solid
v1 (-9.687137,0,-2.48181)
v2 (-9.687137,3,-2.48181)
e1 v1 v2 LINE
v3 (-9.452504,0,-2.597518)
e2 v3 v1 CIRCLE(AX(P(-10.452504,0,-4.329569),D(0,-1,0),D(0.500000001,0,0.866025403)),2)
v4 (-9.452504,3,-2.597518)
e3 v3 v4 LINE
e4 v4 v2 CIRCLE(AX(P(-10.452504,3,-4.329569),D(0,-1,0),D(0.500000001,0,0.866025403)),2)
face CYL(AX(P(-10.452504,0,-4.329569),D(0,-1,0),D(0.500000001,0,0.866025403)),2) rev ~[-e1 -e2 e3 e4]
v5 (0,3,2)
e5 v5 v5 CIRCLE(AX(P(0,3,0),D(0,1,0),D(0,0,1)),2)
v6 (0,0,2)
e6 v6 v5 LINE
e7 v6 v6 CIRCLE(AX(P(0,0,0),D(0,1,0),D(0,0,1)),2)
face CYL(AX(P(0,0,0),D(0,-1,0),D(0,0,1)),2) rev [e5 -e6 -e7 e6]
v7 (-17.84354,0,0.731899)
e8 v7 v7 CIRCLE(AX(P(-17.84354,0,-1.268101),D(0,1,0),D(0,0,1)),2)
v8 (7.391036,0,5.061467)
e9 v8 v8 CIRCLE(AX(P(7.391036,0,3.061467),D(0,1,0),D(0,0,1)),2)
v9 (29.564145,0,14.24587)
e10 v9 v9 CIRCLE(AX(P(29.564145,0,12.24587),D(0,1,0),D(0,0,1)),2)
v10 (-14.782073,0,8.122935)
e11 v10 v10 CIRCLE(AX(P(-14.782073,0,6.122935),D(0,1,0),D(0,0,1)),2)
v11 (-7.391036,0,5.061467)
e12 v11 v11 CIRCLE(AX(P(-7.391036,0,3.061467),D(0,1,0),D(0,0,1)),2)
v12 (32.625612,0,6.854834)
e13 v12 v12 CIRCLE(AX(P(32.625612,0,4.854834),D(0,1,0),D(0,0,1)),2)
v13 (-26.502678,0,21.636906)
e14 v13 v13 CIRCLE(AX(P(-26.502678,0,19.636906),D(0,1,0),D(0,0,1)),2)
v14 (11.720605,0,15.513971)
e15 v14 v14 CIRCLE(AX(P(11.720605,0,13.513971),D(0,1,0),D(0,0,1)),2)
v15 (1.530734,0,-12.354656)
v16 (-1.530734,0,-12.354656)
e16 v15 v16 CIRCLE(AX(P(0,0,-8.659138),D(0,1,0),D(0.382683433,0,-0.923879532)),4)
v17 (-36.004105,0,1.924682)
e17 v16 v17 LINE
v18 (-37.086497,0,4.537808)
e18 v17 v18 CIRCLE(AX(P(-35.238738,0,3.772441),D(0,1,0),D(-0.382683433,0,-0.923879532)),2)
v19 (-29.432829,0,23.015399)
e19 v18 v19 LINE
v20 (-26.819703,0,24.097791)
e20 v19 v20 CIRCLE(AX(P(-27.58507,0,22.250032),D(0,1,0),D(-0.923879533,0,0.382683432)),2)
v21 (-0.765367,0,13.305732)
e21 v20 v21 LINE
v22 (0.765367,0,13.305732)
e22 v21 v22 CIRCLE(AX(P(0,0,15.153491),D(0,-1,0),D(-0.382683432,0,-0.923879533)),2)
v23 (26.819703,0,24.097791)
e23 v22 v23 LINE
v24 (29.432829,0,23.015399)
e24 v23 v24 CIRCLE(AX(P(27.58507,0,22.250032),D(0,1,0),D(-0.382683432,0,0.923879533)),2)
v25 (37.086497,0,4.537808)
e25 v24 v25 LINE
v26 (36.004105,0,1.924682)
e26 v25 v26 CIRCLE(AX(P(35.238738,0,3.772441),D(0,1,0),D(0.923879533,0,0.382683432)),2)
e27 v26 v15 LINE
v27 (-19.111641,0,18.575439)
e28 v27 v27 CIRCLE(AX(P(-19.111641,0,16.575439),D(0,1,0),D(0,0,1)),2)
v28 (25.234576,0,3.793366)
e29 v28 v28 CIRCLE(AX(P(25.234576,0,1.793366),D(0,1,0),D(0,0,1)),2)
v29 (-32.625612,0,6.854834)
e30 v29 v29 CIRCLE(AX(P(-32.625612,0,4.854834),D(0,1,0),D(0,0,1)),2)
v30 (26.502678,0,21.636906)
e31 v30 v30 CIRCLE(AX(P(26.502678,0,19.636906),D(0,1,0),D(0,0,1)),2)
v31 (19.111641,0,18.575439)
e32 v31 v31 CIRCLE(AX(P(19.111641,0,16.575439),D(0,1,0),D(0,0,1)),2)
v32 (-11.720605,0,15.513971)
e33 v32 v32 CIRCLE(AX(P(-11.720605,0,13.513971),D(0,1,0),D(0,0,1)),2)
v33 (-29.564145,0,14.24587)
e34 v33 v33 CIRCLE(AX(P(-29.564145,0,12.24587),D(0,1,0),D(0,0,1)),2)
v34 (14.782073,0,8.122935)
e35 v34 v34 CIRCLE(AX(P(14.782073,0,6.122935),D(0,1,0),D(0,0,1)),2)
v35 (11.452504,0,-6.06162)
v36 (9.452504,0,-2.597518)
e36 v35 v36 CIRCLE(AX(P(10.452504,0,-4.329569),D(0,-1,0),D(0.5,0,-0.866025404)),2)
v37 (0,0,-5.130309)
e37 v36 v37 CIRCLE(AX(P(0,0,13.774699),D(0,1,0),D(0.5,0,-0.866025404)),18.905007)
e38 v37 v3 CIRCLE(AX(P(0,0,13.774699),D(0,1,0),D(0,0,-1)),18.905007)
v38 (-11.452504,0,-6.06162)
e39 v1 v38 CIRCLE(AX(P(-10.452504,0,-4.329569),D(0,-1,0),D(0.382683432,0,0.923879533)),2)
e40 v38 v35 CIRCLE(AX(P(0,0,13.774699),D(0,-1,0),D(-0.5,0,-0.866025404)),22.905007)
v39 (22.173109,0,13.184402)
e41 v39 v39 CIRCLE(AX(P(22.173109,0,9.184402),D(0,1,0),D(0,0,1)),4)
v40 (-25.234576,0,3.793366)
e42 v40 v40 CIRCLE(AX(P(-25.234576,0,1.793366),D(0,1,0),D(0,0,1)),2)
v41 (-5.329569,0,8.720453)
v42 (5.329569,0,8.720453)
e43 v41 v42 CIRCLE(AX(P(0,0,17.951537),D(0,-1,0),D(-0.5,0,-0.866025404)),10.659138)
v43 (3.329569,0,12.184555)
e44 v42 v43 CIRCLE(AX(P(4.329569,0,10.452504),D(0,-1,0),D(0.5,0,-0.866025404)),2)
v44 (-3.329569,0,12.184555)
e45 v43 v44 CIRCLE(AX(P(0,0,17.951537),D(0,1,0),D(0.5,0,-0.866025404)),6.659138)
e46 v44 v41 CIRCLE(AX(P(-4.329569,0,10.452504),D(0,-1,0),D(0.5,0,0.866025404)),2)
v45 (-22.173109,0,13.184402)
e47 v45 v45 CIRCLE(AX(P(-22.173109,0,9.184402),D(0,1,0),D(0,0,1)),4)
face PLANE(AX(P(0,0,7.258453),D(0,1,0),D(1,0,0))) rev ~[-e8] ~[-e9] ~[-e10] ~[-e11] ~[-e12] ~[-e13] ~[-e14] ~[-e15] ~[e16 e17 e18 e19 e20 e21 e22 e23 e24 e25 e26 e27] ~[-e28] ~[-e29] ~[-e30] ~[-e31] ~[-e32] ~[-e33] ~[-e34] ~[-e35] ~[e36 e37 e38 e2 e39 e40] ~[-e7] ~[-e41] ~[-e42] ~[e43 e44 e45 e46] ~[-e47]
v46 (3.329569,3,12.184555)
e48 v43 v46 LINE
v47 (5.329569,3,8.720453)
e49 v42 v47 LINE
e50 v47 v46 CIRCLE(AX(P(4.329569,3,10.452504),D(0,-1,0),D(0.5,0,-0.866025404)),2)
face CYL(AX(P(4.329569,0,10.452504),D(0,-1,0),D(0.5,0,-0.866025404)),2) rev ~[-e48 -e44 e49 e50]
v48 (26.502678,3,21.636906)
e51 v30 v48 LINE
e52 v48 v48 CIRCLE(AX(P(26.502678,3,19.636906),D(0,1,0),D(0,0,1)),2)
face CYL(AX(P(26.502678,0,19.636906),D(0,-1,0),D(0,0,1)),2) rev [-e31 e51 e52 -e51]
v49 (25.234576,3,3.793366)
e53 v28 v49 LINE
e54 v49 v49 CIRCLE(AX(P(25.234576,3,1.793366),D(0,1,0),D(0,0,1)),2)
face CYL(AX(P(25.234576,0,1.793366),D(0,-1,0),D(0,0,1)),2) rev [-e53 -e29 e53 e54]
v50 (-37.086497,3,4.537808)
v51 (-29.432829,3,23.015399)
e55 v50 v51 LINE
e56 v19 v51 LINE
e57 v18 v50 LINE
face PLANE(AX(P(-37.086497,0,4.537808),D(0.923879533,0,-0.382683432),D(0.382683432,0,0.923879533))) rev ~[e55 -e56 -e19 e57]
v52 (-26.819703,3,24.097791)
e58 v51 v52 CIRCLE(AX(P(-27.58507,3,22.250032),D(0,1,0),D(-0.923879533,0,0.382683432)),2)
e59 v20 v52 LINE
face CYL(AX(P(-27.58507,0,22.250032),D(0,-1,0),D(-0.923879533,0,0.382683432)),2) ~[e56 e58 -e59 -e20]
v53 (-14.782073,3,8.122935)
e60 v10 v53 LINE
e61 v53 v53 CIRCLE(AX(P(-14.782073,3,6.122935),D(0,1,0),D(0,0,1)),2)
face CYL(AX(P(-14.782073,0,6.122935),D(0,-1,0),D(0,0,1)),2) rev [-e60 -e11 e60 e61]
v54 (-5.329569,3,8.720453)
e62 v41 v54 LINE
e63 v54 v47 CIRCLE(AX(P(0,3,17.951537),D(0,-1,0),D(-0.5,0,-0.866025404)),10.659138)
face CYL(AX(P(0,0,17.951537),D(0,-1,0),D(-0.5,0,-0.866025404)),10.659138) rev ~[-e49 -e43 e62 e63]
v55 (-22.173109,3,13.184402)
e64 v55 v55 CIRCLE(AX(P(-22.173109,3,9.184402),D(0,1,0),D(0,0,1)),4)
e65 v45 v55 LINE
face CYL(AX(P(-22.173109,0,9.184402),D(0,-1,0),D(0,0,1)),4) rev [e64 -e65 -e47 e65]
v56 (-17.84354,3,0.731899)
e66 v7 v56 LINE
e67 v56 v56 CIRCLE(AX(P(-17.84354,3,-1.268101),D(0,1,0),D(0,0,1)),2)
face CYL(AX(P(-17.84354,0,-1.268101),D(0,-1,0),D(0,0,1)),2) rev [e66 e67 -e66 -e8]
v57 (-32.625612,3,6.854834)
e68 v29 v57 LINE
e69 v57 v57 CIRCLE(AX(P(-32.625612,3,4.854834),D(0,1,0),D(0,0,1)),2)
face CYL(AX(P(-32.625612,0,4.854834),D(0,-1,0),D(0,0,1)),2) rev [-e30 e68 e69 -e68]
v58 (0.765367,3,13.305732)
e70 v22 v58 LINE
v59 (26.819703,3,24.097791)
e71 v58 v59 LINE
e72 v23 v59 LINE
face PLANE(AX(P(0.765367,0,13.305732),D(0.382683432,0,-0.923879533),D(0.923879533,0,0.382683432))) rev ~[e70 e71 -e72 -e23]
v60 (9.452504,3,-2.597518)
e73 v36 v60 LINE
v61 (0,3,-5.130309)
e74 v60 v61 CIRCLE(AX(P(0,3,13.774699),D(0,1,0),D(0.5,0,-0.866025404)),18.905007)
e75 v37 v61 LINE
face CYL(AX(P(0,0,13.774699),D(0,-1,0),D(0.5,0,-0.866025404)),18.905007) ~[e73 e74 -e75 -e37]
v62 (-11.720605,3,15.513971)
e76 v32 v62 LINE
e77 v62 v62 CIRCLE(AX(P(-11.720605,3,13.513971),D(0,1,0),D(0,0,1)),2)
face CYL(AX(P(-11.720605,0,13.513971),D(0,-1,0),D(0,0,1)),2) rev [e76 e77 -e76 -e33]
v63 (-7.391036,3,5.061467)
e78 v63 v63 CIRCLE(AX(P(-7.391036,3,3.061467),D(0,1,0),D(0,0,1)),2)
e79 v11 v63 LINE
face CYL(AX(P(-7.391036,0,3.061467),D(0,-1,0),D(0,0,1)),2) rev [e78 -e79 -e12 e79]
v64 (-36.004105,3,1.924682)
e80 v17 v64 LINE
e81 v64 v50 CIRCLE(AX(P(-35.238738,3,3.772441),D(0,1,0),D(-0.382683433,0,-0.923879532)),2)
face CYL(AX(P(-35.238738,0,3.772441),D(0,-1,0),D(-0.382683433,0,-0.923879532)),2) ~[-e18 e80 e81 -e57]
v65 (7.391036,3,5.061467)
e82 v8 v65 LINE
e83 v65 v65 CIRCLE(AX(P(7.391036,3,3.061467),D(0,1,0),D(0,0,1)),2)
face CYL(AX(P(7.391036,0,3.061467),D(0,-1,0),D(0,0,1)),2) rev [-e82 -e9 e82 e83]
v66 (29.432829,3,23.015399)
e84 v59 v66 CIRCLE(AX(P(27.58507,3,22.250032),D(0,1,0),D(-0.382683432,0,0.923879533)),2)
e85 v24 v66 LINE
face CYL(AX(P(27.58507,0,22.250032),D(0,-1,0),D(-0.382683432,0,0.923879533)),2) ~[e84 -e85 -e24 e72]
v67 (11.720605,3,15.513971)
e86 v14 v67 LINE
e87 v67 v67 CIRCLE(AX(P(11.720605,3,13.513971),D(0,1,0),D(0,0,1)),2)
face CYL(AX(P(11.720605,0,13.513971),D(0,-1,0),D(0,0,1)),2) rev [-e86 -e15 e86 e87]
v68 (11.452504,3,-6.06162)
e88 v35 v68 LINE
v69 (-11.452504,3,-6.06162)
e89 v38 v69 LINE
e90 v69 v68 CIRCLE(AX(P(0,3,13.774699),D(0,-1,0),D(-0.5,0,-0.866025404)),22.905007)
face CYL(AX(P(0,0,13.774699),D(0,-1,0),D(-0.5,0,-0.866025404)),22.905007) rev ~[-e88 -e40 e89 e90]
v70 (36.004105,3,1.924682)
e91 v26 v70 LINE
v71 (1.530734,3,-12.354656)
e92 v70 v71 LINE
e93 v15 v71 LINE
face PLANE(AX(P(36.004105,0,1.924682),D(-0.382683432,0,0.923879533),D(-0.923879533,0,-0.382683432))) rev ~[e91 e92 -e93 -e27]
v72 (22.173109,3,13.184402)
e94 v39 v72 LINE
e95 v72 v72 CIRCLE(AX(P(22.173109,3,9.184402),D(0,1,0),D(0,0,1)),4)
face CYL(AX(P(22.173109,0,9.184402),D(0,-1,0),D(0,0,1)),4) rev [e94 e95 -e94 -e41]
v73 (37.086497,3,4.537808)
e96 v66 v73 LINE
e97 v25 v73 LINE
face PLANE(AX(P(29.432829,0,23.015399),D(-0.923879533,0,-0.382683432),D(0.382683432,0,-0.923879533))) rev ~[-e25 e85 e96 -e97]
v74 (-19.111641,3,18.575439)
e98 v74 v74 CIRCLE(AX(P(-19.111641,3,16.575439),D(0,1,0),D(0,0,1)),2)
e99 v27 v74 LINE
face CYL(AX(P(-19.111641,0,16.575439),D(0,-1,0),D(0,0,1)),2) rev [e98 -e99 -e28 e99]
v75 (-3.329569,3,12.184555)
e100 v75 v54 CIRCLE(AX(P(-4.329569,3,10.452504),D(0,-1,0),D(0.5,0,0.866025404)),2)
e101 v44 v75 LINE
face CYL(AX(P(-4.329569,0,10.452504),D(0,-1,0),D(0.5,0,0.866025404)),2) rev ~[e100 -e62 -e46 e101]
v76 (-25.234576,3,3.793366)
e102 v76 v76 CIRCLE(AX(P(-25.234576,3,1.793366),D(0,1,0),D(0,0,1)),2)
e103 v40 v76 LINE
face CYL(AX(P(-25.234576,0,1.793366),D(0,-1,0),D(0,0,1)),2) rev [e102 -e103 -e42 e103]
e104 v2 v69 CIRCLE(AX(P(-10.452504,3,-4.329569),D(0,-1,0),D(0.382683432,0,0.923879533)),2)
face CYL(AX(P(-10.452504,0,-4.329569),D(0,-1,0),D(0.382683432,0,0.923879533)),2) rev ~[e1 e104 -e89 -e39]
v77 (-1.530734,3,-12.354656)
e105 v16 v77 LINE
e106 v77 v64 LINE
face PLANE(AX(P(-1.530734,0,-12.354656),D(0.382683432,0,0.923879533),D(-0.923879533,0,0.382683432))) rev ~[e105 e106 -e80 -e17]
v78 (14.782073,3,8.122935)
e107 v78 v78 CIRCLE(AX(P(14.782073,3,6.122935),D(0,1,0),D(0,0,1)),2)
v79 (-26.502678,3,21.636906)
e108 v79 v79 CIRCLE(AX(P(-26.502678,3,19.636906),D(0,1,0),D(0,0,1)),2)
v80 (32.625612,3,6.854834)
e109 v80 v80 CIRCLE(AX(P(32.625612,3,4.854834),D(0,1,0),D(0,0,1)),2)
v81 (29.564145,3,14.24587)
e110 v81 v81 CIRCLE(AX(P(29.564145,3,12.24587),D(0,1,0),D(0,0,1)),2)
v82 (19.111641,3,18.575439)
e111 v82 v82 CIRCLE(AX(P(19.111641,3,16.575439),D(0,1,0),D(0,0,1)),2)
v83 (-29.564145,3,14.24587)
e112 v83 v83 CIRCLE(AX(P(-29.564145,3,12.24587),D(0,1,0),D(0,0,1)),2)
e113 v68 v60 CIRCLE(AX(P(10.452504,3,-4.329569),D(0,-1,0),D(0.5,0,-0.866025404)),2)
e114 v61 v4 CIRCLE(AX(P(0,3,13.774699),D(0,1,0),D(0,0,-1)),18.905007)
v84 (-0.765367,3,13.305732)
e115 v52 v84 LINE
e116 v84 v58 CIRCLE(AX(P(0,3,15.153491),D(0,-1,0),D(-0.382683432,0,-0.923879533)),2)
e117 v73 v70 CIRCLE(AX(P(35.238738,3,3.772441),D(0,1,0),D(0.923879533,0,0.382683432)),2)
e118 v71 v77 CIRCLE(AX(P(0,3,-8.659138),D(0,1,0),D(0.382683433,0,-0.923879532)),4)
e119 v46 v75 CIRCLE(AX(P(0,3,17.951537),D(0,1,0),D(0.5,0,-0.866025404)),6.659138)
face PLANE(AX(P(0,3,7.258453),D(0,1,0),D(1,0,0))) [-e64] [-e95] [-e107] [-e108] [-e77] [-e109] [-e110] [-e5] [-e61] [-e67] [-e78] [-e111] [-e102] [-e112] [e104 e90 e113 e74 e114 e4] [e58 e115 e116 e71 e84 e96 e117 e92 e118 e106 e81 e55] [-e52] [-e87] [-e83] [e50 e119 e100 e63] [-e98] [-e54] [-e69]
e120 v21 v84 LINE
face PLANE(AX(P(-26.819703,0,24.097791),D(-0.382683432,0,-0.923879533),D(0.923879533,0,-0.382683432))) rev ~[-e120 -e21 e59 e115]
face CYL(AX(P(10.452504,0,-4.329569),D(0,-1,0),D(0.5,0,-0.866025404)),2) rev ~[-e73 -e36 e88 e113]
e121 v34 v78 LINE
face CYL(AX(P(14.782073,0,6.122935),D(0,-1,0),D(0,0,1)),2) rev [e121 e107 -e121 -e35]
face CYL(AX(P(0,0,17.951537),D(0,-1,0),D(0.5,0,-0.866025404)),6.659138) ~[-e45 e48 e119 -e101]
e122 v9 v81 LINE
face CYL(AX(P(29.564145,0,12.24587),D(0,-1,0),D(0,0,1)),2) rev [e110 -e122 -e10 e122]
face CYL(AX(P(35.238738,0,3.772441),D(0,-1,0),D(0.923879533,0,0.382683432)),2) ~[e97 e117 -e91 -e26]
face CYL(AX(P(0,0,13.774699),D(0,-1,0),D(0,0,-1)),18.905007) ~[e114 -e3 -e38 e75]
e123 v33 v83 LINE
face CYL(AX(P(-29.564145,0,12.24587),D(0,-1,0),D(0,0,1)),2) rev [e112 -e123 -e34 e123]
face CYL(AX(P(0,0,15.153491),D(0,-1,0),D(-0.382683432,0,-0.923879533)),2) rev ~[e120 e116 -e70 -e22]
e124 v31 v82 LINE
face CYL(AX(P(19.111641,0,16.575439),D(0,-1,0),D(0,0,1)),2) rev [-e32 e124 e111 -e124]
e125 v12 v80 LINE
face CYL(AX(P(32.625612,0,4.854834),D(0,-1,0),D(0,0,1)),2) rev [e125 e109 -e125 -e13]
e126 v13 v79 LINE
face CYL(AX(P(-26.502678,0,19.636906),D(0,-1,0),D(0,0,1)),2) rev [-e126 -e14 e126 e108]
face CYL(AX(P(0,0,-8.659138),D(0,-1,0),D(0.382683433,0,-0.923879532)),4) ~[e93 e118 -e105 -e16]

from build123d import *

# Parameters (mm, degrees)
SKETCH1_R           = 2
SKETCH1_R_2         = 4
BOSS_EXTRUDE1_DEPTH = 3


with BuildPart() as part:
    # Sketch1 → Boss-Extrude1 (new body)
    with BuildSketch(Plane(origin=(0, 0, 0), x_dir=(1, 0, 0), z_dir=(0, 1, 0))):
        with BuildLine():
            ThreePointArc((1.530733729, 12.354655732), (0, 12.659137602), (-1.530733729, 12.354655732))
            Line((-1.530733729, 12.354655732), (-36.004105294, -1.92468231))
            ThreePointArc((-36.004105294, -1.92468231), (-37.086497494, -3.007074511), (-37.086497494, -4.53780824))
            Line((-37.086497494, -4.53780824), (-29.432828847, -23.01539889))
            ThreePointArc((-29.432828847, -23.01539889), (-28.350436646, -24.097791091), (-26.819702917, -24.097791091))
            Line((-26.819702917, -24.097791091), (-0.765366865, -13.305731739))
            ThreePointArc((-0.765366865, -13.305731739), (0, -13.153490804), (0.765366865, -13.305731739))
            Line((0.765366865, -13.305731739), (26.819702917, -24.097791091))
            ThreePointArc((26.819702917, -24.097791091), (28.350436646, -24.097791091), (29.432828847, -23.01539889))
            Line((29.432828847, -23.01539889), (37.086497494, -4.53780824))
            ThreePointArc((37.086497494, -4.53780824), (37.086497494, -3.007074511), (36.004105294, -1.92468231))
            Line((36.004105294, -1.92468231), (1.530733729, 12.354655732))
        make_face()
        with BuildLine():
            ThreePointArc((-9.452503719, 2.597517994), (-9.567926339, 2.535823318), (-9.687136854, 2.481809736))
            ThreePointArc((-9.687136854, 2.481809736), (-12.246249202, 3.444991421), (-11.452503719, 6.061619609))
            ThreePointArc((-11.452503719, 6.061619609), (0, 9.130308732), (11.452503719, 6.061619609))
            ThreePointArc((11.452503719, 6.061619609), (12.184554527, 3.329568801), (9.452503719, 2.597517994))
            ThreePointArc((9.452503719, 2.597517994), (4.892975973, 4.486136224), (0, 5.130308732))
            ThreePointArc((0, 5.130308732), (-4.892975973, 4.486136224), (-9.452503719, 2.597517994))
        make_face(mode=Mode.SUBTRACT)
        with Locations(Location((-26.502677581, -19.636906096, 0), (0, 0, 270))):
            Circle(SKETCH1_R, mode=Mode.SUBTRACT)
        with Locations(Location((-19.111641321, -16.575438637, 0), (0, 0, 270))):
            Circle(SKETCH1_R, mode=Mode.SUBTRACT)
        with Locations(Location((-29.56414504, -12.245869836, 0), (0, 0, 270))):
            Circle(SKETCH1_R, mode=Mode.SUBTRACT)
        with Locations(Location((-22.17310878, -9.184402377, 0), (0, 0, 270))):
            Circle(SKETCH1_R_2, mode=Mode.SUBTRACT)
        with Locations(Location((-11.720605061, -13.513971178, 0), (0, 0, 270))):
            Circle(SKETCH1_R, mode=Mode.SUBTRACT)
        with Locations(Location((-14.78207252, -6.122934918, 0), (0, 0, 270))):
            Circle(SKETCH1_R, mode=Mode.SUBTRACT)
        with BuildLine():
            ThreePointArc((-3.329568801, -12.184554527), (-6.061619609, -11.452503719), (-5.329568801, -8.720452911))
            ThreePointArc((-5.329568801, -8.720452911), (0, -7.292399255), (5.329568801, -8.720452911))
            ThreePointArc((5.329568801, -8.720452911), (6.061619609, -11.452503719), (3.329568801, -12.184554527))
            ThreePointArc((3.329568801, -12.184554527), (0, -11.292399255), (-3.329568801, -12.184554527))
        make_face(mode=Mode.SUBTRACT)
        with Locations(Location((26.502677581, -19.636906096, 0), (0, 0, 270))):
            Circle(SKETCH1_R, mode=Mode.SUBTRACT)
        with Locations(Location((19.111641321, -16.575438637, 0), (0, 0, 270))):
            Circle(SKETCH1_R, mode=Mode.SUBTRACT)
        with Locations(Location((11.720605061, -13.513971178, 0), (0, 0, 270))):
            Circle(SKETCH1_R, mode=Mode.SUBTRACT)
        with Locations(Location((14.78207252, -6.122934918, 0), (0, 0, 270))):
            Circle(SKETCH1_R, mode=Mode.SUBTRACT)
        with Locations(Location((29.56414504, -12.245869836, 0), (0, 0, 270))):
            Circle(SKETCH1_R, mode=Mode.SUBTRACT)
        with Locations(Location((22.17310878, -9.184402377, 0), (0, 0, 270))):
            Circle(SKETCH1_R_2, mode=Mode.SUBTRACT)
        with Locations(Location((-32.625612499, -4.854833576, 0), (0, 0, 270))):
            Circle(SKETCH1_R, mode=Mode.SUBTRACT)
        with Locations(Location((-25.234576239, -1.793366117, 0), (0, 0, 270))):
            Circle(SKETCH1_R, mode=Mode.SUBTRACT)
        with Locations(Location((-7.39103626, -3.061467459, 0), (0, 0, 270))):
            Circle(SKETCH1_R, mode=Mode.SUBTRACT)
        with Locations(Location((-17.843539979, 1.268101342, 0), (0, 0, 270))):
            Circle(SKETCH1_R, mode=Mode.SUBTRACT)
        with Locations(Location((0, 0, 0), (0, 0, 270))):
            Circle(SKETCH1_R, mode=Mode.SUBTRACT)
        with Locations(Location((7.39103626, -3.061467459, 0), (0, 0, 270))):
            Circle(SKETCH1_R, mode=Mode.SUBTRACT)
        with Locations(Location((25.234576239, -1.793366117, 0), (0, 0, 270))):
            Circle(SKETCH1_R, mode=Mode.SUBTRACT)
        with Locations(Location((32.625612499, -4.854833576, 0), (0, 0, 270))):
            Circle(SKETCH1_R, mode=Mode.SUBTRACT)
    extrude(amount=BOSS_EXTRUDE1_DEPTH)


solid = part.part
